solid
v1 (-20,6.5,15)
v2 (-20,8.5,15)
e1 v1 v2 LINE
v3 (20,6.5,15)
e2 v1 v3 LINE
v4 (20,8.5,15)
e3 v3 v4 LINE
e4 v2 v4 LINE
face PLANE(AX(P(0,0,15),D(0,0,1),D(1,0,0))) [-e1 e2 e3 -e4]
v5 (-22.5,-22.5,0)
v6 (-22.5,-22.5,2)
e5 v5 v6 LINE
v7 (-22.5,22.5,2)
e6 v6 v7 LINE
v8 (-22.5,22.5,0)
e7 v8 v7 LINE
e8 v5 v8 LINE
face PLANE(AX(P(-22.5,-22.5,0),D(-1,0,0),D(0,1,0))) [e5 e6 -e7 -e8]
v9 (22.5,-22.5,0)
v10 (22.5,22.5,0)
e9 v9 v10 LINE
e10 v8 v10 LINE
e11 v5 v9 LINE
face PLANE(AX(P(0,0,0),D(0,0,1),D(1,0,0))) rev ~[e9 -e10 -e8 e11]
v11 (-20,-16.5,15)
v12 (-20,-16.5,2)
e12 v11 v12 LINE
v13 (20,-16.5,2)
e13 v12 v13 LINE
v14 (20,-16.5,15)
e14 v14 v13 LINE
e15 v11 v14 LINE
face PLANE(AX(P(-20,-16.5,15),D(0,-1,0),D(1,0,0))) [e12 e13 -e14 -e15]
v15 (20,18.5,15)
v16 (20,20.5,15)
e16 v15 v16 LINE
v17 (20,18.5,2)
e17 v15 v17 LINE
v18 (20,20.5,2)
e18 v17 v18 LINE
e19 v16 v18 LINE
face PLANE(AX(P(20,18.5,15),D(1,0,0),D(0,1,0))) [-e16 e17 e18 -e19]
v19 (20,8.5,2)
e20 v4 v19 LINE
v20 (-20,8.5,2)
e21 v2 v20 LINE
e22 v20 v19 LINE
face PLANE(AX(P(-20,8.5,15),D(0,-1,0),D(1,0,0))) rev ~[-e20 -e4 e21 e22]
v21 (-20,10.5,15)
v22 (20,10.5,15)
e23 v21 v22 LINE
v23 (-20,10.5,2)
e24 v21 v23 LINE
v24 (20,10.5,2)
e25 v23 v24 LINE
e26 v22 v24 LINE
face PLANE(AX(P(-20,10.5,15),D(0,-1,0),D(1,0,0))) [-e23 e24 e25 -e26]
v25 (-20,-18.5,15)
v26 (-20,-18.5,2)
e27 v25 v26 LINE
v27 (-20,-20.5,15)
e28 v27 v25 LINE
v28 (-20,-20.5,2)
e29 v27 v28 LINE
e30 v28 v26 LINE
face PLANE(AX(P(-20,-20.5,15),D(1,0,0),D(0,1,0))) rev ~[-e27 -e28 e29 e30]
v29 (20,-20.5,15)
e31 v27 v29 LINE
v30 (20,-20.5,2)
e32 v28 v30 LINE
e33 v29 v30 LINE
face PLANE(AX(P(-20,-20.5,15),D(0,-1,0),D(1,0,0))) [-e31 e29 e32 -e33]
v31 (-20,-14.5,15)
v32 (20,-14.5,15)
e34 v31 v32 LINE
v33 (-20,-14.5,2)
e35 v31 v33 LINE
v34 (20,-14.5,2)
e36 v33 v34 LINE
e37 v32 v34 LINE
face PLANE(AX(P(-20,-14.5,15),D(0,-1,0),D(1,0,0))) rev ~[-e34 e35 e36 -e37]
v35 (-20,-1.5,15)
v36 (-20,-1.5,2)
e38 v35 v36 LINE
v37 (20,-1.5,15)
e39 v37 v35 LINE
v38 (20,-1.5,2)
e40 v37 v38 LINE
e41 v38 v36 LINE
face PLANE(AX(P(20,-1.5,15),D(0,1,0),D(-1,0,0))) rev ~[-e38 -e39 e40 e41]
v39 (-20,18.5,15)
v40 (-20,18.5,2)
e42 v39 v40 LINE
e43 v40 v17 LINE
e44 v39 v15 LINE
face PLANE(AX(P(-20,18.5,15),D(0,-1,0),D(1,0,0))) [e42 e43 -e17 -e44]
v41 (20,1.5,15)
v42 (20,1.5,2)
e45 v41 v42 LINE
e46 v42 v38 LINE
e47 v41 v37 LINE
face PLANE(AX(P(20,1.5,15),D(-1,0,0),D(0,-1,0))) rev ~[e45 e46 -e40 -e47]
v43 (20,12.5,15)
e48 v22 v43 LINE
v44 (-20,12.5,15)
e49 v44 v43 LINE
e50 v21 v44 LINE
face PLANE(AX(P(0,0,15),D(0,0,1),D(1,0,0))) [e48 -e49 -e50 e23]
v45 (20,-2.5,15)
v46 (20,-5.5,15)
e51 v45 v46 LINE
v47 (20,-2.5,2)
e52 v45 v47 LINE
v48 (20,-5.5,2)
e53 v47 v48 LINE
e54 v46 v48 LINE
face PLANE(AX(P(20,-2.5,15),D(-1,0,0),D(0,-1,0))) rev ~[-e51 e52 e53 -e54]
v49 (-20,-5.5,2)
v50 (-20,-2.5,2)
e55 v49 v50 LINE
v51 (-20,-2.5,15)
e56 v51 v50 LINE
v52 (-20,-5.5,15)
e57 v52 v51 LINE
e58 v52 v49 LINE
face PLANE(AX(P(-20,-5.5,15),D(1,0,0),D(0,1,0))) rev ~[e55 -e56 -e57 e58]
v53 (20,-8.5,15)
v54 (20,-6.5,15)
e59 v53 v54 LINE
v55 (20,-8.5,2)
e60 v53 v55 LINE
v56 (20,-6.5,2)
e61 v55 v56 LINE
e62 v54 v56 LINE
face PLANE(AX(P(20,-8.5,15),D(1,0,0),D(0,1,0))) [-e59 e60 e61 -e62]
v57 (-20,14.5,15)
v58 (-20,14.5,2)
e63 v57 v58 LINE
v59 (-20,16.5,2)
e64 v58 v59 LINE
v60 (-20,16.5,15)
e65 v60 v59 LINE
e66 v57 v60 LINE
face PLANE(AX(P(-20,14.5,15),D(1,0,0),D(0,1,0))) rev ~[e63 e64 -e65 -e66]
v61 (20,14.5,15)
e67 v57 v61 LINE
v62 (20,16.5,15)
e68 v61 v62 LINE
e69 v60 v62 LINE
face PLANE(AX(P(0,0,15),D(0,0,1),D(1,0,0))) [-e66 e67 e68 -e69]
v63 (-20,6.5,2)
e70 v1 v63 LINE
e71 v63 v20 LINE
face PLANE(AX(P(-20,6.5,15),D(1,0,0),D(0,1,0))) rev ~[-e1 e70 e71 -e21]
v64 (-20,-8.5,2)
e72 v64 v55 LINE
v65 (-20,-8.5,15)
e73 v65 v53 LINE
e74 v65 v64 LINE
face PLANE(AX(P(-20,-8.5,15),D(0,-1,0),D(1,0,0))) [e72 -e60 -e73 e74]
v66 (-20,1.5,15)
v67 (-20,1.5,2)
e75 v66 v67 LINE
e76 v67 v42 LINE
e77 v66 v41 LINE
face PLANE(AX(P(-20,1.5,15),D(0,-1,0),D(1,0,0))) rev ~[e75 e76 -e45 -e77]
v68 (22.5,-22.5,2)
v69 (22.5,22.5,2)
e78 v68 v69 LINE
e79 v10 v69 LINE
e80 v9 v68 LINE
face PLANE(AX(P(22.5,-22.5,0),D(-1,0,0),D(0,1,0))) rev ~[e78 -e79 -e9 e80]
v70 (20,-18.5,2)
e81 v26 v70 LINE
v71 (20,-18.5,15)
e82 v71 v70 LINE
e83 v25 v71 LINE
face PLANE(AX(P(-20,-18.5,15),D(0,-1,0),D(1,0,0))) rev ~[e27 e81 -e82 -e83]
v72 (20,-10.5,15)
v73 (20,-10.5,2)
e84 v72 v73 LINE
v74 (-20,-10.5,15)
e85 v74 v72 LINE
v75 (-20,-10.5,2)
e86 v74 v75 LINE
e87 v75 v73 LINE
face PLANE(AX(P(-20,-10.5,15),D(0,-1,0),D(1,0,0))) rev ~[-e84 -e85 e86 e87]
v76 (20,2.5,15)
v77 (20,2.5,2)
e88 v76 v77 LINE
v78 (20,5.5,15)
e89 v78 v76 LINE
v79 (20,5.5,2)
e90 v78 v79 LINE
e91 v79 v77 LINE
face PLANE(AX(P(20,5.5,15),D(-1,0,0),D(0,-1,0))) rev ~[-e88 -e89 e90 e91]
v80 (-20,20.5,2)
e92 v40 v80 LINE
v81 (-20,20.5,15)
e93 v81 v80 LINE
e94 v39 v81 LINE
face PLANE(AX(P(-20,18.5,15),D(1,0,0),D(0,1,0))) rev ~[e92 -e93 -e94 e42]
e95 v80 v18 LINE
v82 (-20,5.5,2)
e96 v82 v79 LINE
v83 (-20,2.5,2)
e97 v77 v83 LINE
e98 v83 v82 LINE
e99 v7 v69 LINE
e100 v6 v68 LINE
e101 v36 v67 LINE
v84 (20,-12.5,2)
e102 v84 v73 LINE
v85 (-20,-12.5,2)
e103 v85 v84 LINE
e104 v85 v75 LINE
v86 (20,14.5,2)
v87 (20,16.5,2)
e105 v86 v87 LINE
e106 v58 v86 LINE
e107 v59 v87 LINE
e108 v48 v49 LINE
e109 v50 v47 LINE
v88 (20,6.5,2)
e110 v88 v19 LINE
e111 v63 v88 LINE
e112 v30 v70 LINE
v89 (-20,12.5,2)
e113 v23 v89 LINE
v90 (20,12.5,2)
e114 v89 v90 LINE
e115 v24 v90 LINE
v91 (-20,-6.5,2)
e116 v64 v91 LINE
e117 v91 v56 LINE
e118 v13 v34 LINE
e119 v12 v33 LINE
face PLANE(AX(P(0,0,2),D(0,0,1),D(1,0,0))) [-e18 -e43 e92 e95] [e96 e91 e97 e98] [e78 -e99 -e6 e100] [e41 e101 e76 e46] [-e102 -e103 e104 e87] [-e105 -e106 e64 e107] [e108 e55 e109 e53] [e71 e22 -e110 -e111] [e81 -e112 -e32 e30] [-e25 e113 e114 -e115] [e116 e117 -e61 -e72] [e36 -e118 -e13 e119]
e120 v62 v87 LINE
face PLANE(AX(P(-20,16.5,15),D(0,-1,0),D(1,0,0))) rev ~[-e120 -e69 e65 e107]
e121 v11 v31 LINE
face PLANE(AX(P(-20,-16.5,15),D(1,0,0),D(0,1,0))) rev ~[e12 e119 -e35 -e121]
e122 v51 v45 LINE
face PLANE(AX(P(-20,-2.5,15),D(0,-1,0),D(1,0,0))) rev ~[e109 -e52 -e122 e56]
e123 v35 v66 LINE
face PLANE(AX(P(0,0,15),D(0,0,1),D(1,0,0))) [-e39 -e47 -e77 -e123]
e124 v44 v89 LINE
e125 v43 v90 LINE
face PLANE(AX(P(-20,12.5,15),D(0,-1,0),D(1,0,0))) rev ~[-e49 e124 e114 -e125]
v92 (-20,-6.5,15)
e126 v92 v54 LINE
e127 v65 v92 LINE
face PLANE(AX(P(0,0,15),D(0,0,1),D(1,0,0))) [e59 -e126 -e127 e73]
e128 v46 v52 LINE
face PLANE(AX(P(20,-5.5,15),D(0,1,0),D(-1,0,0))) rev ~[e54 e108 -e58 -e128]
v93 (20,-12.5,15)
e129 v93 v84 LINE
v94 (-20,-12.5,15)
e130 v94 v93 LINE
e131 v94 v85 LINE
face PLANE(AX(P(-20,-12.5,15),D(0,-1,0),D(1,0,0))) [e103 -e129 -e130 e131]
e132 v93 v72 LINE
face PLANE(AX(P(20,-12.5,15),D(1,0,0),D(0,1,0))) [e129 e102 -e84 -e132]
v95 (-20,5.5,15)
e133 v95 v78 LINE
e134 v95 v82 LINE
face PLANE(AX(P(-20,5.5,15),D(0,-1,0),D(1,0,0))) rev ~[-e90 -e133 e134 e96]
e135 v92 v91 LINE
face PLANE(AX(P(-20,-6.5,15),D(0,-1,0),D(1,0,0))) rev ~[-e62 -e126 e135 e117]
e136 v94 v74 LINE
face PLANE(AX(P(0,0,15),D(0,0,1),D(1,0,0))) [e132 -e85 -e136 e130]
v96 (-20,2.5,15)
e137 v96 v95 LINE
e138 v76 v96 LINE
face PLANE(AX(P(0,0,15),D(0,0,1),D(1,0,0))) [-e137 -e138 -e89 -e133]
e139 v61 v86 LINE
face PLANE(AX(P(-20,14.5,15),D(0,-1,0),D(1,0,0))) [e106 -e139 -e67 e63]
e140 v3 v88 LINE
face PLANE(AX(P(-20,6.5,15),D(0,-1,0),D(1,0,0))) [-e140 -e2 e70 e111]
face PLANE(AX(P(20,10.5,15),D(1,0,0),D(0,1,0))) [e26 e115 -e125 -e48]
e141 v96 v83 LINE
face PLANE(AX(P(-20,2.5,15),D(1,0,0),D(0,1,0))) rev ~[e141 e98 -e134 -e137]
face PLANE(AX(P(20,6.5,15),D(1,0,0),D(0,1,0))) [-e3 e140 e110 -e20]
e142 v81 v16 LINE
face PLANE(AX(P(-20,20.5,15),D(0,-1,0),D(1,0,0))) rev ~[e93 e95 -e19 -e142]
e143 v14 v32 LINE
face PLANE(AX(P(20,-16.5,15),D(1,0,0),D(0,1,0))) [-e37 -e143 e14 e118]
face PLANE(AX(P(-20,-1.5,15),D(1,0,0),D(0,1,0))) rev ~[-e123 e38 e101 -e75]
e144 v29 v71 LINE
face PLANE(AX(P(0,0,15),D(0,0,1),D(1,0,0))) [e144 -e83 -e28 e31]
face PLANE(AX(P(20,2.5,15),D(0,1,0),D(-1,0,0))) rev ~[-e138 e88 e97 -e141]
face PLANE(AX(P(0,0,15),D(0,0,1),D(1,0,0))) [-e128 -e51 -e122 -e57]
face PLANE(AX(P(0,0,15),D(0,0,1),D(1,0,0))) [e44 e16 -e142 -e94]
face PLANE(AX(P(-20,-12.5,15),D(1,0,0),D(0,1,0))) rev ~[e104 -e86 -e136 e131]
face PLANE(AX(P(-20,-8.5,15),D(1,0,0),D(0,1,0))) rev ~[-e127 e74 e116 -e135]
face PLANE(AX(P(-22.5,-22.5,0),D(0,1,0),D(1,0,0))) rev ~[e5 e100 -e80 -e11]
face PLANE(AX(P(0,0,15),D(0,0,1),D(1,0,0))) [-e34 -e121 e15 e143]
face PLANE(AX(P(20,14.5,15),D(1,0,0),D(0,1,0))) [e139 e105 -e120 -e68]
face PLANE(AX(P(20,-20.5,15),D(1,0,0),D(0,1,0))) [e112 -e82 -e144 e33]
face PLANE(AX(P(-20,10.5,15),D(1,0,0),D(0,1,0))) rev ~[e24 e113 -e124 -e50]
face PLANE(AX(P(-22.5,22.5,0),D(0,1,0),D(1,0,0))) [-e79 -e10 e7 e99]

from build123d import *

# Parameters (mm, degrees)
F0_W     = 45
F0_H     = 45
F1_DEPTH = 15
F2_W     = 45
F2_H     = 45
F2_W_2   = 40
F2_H_2   = 2
F3_DEPTH = 13


with BuildPart() as f1:
    # F0 (on Top) → F1 (new body)
    with BuildSketch(Plane.XY):
        Rectangle(F0_W, F0_H)
    extrude(amount=F1_DEPTH)

    # F2 (on face) → F3 (cut)
    with BuildSketch(Plane.XY.offset(15)):
        Rectangle(F2_W, F2_H)
        with Locations((0, -19.5)):
            Rectangle(F2_W_2, F2_H_2, mode=Mode.SUBTRACT)
        with Locations((0, -15.5)):
            Rectangle(F2_W_2, F2_H_2, mode=Mode.SUBTRACT)
        with Locations((0, -11.5)):
            Rectangle(F2_W_2, F2_H_2, mode=Mode.SUBTRACT)
        with Locations((0, -7.5)):
            Rectangle(F2_W_2, F2_H_2, mode=Mode.SUBTRACT)
        Polygon((-20, -4.5), (-20, -3.5), (-20, -2.5), (20, -2.5), (20, -3.5), (20, -4.5), (20, -5.5), (-20, -5.5), align=None, mode=Mode.SUBTRACT)
        Polygon((-20, -0.5), (-20, 0.5), (-20, 1.5), (20, 1.5), (20, 0.5), (20, -0.5), (20, -1.5), (-20, -1.5), align=None, mode=Mode.SUBTRACT)
        Polygon((-20, 3.5), (-20, 4.5), (-20, 5.5), (20, 5.5), (20, 4.5), (20, 3.5), (20, 2.5), (-20, 2.5), align=None, mode=Mode.SUBTRACT)
        with Locations((0, 7.5)):
            Rectangle(F2_W_2, F2_H_2, mode=Mode.SUBTRACT)
        with Locations((0, 11.5)):
            Rectangle(F2_W_2, F2_H_2, mode=Mode.SUBTRACT)
        with Locations((0, 15.5)):
            Rectangle(F2_W_2, F2_H_2, mode=Mode.SUBTRACT)
        with Locations((0, 19.5)):
            Rectangle(F2_W_2, F2_H_2, mode=Mode.SUBTRACT)
    extrude(amount=-F3_DEPTH, mode=Mode.SUBTRACT)


solid = f1.part
